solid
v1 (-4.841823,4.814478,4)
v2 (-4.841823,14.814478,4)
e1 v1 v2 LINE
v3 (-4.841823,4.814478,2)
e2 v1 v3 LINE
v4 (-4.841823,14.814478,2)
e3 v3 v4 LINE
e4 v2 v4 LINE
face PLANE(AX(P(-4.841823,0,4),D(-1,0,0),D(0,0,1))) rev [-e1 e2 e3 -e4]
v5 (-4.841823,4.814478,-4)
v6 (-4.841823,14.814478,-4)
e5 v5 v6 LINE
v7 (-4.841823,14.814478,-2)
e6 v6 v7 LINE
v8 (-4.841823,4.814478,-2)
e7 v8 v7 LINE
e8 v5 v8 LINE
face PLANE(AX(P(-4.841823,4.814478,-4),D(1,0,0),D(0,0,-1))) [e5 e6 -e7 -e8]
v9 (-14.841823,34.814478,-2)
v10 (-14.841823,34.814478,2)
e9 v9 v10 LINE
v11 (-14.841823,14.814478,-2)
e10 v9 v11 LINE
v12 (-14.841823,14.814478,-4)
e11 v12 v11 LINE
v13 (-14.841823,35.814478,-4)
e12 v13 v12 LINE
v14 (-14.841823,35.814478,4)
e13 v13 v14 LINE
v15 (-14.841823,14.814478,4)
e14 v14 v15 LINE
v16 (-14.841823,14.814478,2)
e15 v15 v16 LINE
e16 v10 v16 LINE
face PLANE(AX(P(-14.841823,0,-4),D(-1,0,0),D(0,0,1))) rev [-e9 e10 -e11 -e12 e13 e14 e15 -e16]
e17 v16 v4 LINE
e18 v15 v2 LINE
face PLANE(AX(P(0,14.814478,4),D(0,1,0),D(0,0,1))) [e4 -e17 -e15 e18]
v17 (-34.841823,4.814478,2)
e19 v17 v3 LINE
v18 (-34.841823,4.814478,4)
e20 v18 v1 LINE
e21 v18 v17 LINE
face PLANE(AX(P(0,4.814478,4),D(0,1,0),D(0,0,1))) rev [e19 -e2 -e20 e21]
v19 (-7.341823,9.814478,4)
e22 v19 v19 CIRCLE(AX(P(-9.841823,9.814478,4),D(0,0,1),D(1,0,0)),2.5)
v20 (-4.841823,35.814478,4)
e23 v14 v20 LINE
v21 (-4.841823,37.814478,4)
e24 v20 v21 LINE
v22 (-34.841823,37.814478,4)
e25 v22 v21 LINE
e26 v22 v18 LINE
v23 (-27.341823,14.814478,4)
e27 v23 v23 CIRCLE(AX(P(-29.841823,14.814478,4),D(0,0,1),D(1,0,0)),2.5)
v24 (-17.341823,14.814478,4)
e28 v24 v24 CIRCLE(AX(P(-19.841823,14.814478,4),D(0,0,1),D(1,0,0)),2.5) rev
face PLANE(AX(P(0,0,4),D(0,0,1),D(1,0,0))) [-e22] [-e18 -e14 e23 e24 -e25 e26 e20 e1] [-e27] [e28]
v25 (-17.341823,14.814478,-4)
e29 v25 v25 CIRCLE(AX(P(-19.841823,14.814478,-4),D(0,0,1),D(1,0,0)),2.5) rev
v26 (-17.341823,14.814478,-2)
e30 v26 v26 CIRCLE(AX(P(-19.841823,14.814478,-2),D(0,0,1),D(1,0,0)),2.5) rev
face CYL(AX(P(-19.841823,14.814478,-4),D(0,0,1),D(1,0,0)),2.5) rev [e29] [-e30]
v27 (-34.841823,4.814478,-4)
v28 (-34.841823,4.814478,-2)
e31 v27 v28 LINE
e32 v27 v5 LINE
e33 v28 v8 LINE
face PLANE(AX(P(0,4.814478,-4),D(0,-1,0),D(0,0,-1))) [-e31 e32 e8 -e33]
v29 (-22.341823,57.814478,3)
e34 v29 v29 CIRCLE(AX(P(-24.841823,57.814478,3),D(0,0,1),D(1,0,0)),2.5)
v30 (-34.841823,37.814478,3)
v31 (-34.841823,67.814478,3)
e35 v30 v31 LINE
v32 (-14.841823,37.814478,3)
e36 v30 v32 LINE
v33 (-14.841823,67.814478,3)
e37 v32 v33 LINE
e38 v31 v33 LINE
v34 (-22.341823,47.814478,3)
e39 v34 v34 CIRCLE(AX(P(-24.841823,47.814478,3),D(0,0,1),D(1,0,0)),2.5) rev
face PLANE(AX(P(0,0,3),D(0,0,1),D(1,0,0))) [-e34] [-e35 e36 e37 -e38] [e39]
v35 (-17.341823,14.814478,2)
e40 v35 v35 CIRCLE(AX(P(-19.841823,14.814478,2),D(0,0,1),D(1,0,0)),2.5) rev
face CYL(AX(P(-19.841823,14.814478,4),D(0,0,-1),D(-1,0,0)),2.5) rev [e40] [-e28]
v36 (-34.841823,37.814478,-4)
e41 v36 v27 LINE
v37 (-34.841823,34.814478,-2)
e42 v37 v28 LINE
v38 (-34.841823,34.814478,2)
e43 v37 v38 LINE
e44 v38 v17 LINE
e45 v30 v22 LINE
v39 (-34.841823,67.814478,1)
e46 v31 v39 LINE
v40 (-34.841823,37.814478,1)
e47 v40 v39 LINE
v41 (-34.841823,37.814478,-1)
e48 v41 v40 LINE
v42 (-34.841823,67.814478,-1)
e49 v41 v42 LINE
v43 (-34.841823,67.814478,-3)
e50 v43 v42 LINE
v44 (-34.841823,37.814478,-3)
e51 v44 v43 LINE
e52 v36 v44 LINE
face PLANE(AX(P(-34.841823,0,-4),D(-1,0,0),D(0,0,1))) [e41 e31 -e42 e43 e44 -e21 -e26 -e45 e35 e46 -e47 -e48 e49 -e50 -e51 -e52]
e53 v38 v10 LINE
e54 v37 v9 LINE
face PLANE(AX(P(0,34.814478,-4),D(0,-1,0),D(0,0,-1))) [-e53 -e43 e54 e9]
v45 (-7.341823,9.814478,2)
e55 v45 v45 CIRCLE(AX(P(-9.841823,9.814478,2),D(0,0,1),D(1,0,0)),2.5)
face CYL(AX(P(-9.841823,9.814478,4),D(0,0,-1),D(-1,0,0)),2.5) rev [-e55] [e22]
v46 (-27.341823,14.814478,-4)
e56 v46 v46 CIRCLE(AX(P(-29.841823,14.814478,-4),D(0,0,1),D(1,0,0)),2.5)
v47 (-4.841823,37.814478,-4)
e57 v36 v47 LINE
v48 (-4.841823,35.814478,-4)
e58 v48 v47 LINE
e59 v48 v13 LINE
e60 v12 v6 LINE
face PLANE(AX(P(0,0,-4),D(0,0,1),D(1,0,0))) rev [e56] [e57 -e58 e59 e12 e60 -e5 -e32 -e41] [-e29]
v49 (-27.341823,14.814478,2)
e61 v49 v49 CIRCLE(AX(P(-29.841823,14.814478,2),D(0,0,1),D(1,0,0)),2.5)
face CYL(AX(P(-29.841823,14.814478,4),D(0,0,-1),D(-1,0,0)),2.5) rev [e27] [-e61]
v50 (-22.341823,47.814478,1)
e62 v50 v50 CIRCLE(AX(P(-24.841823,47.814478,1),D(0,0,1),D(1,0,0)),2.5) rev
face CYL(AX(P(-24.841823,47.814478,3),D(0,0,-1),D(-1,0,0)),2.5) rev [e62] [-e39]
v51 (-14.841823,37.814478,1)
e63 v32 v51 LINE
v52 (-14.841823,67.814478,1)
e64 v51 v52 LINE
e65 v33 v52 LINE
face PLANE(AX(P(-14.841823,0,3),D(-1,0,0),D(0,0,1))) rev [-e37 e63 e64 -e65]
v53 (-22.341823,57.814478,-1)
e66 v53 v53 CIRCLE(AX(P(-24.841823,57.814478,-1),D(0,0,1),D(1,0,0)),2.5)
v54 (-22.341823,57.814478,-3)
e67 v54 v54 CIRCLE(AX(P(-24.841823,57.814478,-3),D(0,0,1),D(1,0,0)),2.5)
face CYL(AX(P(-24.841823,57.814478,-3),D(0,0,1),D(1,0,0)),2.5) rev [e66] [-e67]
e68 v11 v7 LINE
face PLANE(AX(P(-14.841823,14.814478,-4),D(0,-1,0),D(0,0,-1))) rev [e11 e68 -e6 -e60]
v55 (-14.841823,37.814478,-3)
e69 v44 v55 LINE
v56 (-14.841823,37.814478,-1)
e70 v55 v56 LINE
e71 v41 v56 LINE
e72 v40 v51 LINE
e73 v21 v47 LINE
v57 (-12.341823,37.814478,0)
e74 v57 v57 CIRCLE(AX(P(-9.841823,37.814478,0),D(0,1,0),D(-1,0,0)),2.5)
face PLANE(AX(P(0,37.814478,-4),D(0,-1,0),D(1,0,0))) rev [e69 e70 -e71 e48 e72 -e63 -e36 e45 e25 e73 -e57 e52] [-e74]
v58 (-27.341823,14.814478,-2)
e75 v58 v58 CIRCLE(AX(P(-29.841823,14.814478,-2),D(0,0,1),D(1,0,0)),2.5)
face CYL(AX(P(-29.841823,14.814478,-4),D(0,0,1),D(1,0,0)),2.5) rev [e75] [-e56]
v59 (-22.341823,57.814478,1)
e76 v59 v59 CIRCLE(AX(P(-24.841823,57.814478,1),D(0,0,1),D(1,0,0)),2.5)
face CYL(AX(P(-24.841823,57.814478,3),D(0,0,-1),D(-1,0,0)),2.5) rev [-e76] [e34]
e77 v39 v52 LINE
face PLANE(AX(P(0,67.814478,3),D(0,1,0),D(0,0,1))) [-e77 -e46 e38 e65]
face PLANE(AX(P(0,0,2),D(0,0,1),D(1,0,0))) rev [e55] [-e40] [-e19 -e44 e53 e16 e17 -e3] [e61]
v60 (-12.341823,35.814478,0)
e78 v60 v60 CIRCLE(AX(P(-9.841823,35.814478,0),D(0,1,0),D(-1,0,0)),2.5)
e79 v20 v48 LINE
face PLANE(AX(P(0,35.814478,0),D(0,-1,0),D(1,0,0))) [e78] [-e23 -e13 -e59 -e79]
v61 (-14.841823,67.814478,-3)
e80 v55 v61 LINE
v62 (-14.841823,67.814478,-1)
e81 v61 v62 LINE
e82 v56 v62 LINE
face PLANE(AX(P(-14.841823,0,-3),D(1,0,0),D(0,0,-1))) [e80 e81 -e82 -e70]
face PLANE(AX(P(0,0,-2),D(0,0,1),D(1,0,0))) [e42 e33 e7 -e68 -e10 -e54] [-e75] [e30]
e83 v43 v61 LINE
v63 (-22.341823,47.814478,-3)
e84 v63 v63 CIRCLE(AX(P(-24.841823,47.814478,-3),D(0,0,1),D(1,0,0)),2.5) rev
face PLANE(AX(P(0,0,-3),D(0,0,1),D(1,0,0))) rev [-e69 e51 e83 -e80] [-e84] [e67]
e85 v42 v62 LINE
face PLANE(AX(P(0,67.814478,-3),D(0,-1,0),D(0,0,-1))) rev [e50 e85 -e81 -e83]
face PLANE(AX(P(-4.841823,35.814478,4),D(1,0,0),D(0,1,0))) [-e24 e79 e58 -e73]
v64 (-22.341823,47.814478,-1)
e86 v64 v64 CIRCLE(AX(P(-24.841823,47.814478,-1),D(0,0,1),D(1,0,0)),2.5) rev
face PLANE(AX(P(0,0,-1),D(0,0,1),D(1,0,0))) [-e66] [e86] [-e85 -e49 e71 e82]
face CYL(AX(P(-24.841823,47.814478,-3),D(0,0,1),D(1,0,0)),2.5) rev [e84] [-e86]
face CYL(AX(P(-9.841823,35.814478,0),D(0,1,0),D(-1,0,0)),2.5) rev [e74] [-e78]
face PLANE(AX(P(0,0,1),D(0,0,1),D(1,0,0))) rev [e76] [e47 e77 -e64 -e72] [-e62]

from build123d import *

# Parameters (mm, degrees)
LIP_DEPTH       = 4
LIP_DEPTH_BACK  = 4
SKETCH1_W       = 20
SKETCH1_H       = 3
SIDE1_START     = 2
SKETCH1_3_R     = 2.5
SIDE1_DEPTH     = 2
SKETCH2_W       = 10
SKETCH2_H       = 8
SKETCH2_R       = 2.5
ZIP2_HOLE_DEPTH = 2
SIDE2_START     = -4
SKETCH1_4_R     = 2.5
SIDE2_DEPTH     = 2
GRABBER_START   = 1
SKETCH1_5_W     = 20
SKETCH1_5_H     = 30
SKETCH1_5_R     = 2.5
GRABBER_DEPTH   = 2
GRABBER_START_2 = -3
SKETCH1_6_W     = 20
SKETCH1_6_H     = 30
SKETCH1_6_R     = 2.5
GRABBER_2_DEPTH = 2


with BuildPart() as part:
    # Sketch1 → Lip (new, two sides: drawn at the far end of the back side and taken through both)
    with BuildSketch(Plane.XY.offset(-LIP_DEPTH_BACK)):
        with Locations((-24.8418229, 36.314477682)):
            Rectangle(SKETCH1_W, SKETCH1_H)
    extrude(amount=LIP_DEPTH + LIP_DEPTH_BACK)

    # Sketch1<3> → Side1 (add)
    with BuildSketch(Plane.XY.offset(SIDE1_START)):
        Polygon((-14.8418229, 34.814477682), (-34.8418229, 34.814477682), (-34.8418229, 4.814477682), (-4.8418229, 4.814477682), (-4.8418229, 14.814477682), (-14.8418229, 14.814477682), align=None)
        with Locations((-29.8418229, 14.814477682)):
            Circle(SKETCH1_3_R, mode=Mode.SUBTRACT)
        with Locations((-19.8418229, 14.814477682)):
            Circle(SKETCH1_3_R, mode=Mode.SUBTRACT)
        with Locations((-9.8418229, 9.814477682)):
            Circle(SKETCH1_3_R, mode=Mode.SUBTRACT)
    extrude(amount=SIDE1_DEPTH)

    # Sketch2 → Zip2 Hole (add)
    with BuildSketch(Plane(origin=(0, 37.814477682, 0), x_dir=(1, 0, 0), z_dir=(0, 1, 0))):
        with Locations((-9.8418229, 0)):
            Rectangle(SKETCH2_W, SKETCH2_H)
        with Locations((-9.8418229, 0)):
            Circle(SKETCH2_R, mode=Mode.SUBTRACT)
    extrude(amount=-ZIP2_HOLE_DEPTH)

    # Sketch1<4> → Side2 (add)
    with BuildSketch(Plane.XY.offset(SIDE2_START)):
        Polygon((-14.8418229, 34.814477682), (-34.8418229, 34.814477682), (-34.8418229, 4.814477682), (-4.8418229, 4.814477682), (-4.8418229, 14.814477682), (-14.8418229, 14.814477682), align=None)
        with Locations((-29.8418229, 14.814477682)):
            Circle(SKETCH1_4_R, mode=Mode.SUBTRACT)
        with Locations((-19.8418229, 14.814477682)):
            Circle(SKETCH1_4_R, mode=Mode.SUBTRACT)
    extrude(amount=SIDE2_DEPTH)

    # Sketch1<5> → Grabber (add)
    with BuildSketch(Plane.XY.offset(GRABBER_START)):
        with Locations((-24.8418229, 52.814477682)):
            Rectangle(SKETCH1_5_W, SKETCH1_5_H)
        with Locations((-24.8418229, 47.814477682)):
            Circle(SKETCH1_5_R, mode=Mode.SUBTRACT)
        with Locations((-24.8418229, 57.814477682)):
            Circle(SKETCH1_5_R, mode=Mode.SUBTRACT)
    extrude(amount=GRABBER_DEPTH)

    # Sketch1<6> → Grabber 2 (add)
    with BuildSketch(Plane.XY.offset(GRABBER_START_2)):
        with Locations((-24.8418229, 52.814477682)):
            Rectangle(SKETCH1_6_W, SKETCH1_6_H)
        with Locations((-24.8418229, 47.814477682)):
            Circle(SKETCH1_6_R, mode=Mode.SUBTRACT)
        with Locations((-24.8418229, 57.814477682)):
            Circle(SKETCH1_6_R, mode=Mode.SUBTRACT)
    extrude(amount=GRABBER_2_DEPTH)


solid = part.part
